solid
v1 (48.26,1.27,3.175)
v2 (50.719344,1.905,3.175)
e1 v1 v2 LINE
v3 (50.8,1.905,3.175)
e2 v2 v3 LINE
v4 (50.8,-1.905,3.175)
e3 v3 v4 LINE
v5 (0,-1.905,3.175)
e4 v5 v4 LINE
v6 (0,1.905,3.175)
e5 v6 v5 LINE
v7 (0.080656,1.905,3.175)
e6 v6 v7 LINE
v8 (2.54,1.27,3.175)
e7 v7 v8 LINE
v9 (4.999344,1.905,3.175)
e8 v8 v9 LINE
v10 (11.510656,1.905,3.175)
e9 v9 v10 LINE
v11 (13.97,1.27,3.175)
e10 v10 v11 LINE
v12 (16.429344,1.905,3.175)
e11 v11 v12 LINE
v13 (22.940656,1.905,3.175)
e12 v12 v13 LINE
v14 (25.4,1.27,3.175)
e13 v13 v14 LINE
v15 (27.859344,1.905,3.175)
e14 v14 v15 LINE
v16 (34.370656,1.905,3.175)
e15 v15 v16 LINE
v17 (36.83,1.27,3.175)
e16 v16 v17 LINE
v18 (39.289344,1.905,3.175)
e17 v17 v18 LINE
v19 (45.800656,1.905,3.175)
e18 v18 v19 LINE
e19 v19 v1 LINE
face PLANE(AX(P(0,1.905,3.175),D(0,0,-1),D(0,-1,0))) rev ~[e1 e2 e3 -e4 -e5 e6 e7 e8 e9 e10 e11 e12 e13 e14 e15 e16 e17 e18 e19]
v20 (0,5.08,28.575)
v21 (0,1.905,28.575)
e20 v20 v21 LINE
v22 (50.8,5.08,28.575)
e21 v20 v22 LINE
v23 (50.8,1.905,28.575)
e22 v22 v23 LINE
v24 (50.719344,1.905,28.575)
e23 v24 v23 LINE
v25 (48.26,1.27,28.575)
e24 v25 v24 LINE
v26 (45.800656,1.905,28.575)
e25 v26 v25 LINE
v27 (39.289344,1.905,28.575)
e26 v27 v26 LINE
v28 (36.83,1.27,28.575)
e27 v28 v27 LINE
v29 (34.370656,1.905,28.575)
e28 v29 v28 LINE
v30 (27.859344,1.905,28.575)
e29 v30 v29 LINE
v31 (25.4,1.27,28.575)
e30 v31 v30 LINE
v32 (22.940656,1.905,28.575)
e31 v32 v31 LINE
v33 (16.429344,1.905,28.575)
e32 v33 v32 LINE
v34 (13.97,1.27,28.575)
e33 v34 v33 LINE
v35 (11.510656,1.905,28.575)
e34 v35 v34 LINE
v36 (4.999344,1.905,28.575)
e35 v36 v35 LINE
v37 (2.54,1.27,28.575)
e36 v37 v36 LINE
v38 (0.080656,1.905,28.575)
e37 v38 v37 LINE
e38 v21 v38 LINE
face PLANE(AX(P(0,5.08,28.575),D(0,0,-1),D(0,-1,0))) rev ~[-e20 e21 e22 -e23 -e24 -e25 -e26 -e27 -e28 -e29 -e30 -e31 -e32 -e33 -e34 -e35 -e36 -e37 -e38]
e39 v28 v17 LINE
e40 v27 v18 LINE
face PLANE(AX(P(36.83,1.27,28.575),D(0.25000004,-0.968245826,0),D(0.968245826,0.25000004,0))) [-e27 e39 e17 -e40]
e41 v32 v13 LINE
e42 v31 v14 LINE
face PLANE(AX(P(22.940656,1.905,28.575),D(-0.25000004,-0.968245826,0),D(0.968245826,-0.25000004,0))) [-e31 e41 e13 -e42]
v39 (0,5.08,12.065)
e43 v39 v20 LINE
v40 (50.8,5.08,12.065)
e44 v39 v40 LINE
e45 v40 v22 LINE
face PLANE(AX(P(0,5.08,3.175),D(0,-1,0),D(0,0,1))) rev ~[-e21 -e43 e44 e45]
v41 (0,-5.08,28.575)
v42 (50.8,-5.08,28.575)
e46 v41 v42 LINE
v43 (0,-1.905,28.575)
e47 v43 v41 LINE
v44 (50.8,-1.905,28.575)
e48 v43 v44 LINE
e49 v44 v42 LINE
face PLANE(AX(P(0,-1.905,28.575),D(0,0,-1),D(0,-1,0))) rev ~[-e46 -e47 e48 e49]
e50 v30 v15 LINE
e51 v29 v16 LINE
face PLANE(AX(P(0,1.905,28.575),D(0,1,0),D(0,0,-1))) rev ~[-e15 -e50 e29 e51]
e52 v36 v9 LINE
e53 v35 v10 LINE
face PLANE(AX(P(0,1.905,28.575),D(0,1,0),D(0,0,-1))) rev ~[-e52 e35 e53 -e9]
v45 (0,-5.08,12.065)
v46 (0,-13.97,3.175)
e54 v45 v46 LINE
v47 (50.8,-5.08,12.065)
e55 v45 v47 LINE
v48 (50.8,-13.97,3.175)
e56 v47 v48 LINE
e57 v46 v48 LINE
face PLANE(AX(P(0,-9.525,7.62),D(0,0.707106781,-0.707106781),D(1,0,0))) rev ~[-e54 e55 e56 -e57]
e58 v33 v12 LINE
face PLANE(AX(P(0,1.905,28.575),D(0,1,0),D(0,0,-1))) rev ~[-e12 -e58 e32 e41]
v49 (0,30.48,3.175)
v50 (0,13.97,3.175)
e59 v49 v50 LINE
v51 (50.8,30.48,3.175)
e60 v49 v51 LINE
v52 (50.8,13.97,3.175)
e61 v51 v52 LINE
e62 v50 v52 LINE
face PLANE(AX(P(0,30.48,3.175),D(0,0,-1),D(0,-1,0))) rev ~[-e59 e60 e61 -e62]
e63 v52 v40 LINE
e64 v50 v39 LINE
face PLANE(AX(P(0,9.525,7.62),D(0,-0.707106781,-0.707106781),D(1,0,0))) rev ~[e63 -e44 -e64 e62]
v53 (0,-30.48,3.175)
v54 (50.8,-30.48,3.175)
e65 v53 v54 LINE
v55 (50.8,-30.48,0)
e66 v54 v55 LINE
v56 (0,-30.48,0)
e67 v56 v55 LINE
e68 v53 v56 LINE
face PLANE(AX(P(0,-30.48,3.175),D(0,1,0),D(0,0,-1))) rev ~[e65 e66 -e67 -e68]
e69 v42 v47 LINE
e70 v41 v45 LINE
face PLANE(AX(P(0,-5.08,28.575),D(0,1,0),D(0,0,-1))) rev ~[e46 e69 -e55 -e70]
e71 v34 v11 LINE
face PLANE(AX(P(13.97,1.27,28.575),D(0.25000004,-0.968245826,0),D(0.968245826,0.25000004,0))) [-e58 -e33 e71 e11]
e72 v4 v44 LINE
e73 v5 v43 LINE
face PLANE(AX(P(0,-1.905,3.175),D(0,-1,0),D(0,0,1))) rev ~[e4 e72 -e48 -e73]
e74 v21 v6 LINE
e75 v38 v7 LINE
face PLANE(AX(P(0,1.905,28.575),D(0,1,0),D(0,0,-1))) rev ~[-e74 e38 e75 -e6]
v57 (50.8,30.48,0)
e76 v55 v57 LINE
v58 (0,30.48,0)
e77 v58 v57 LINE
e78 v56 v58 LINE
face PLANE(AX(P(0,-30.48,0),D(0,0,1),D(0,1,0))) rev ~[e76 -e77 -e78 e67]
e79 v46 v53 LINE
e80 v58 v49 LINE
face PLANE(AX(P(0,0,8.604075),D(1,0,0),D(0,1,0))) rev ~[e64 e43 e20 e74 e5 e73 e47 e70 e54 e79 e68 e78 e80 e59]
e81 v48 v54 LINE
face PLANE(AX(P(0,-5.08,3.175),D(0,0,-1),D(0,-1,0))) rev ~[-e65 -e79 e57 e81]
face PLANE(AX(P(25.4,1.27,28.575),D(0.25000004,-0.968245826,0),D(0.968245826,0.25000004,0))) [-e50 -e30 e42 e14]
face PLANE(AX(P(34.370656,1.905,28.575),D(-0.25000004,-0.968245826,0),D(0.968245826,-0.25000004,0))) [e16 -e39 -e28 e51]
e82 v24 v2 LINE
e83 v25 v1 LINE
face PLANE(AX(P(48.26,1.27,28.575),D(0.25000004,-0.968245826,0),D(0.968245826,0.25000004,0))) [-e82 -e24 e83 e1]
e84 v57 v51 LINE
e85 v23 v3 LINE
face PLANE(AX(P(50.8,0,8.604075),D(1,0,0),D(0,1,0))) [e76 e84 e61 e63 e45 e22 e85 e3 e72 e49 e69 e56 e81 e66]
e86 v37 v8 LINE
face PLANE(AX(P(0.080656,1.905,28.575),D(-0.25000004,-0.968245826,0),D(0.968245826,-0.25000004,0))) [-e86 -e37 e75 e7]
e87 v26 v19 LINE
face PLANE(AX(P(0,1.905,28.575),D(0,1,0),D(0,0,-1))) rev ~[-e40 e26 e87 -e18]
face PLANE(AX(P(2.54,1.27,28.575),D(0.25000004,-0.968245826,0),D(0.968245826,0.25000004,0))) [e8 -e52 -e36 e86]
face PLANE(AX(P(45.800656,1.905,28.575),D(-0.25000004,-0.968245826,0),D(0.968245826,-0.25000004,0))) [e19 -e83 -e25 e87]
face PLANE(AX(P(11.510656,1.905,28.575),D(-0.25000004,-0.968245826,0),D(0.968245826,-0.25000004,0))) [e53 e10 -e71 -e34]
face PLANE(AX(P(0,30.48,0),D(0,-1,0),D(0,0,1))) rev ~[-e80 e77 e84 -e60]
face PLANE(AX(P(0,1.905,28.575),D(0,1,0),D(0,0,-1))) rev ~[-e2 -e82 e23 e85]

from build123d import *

# Parameters (mm, degrees)
F1_DEPTH = 50.8
F2_SIZE  = 8.89
F4_DEPTH = 25.4


with BuildPart() as f1:
    # F0 (on Right) → F1 (new body)
    with BuildSketch(Plane.YZ):
        Polygon((-30.48, 0), (0, 0), (30.48, 0), (30.48, 3.175), (5.08, 3.175), (5.08, 28.575), (1.905, 28.575), (1.905, 3.175), (0, 3.175), (-1.905, 3.175), (-1.905, 28.575), (-5.08, 28.575), (-5.08, 3.175), (-30.48, 3.175), align=None)
    extrude(amount=F1_DEPTH)

    # F2
    f2_edges = [f1.edges().sort_by_distance(p)[0] for p in [
        (25.4, 5.08, 3.175),
        (25.4, -5.08, 3.175),
    ]]
    chamfer(f2_edges, length=F2_SIZE)

    # F3 (on face) → F4 (join, through all)
    with BuildSketch(Plane.XY.offset(28.575)):
        Polygon((2.54, 1.27), (4.999344, 1.905), (0.080656, 1.905), align=None)
        Polygon((13.97, 1.27), (16.429344, 1.905), (11.510656, 1.905), align=None)
        Polygon((27.859344, 1.905), (25.4, 1.905), (25.4, 1.27), align=None)
        Polygon((25.4, 1.27), (25.4, 1.905), (22.940656, 1.905), align=None)
        Polygon((39.289344, 1.905), (34.370656, 1.905), (36.83, 1.27), align=None)
        Polygon((50.719344, 1.905), (45.800656, 1.905), (48.26, 1.27), align=None)
    extrude(amount=-F4_DEPTH)


solid = f1.part
